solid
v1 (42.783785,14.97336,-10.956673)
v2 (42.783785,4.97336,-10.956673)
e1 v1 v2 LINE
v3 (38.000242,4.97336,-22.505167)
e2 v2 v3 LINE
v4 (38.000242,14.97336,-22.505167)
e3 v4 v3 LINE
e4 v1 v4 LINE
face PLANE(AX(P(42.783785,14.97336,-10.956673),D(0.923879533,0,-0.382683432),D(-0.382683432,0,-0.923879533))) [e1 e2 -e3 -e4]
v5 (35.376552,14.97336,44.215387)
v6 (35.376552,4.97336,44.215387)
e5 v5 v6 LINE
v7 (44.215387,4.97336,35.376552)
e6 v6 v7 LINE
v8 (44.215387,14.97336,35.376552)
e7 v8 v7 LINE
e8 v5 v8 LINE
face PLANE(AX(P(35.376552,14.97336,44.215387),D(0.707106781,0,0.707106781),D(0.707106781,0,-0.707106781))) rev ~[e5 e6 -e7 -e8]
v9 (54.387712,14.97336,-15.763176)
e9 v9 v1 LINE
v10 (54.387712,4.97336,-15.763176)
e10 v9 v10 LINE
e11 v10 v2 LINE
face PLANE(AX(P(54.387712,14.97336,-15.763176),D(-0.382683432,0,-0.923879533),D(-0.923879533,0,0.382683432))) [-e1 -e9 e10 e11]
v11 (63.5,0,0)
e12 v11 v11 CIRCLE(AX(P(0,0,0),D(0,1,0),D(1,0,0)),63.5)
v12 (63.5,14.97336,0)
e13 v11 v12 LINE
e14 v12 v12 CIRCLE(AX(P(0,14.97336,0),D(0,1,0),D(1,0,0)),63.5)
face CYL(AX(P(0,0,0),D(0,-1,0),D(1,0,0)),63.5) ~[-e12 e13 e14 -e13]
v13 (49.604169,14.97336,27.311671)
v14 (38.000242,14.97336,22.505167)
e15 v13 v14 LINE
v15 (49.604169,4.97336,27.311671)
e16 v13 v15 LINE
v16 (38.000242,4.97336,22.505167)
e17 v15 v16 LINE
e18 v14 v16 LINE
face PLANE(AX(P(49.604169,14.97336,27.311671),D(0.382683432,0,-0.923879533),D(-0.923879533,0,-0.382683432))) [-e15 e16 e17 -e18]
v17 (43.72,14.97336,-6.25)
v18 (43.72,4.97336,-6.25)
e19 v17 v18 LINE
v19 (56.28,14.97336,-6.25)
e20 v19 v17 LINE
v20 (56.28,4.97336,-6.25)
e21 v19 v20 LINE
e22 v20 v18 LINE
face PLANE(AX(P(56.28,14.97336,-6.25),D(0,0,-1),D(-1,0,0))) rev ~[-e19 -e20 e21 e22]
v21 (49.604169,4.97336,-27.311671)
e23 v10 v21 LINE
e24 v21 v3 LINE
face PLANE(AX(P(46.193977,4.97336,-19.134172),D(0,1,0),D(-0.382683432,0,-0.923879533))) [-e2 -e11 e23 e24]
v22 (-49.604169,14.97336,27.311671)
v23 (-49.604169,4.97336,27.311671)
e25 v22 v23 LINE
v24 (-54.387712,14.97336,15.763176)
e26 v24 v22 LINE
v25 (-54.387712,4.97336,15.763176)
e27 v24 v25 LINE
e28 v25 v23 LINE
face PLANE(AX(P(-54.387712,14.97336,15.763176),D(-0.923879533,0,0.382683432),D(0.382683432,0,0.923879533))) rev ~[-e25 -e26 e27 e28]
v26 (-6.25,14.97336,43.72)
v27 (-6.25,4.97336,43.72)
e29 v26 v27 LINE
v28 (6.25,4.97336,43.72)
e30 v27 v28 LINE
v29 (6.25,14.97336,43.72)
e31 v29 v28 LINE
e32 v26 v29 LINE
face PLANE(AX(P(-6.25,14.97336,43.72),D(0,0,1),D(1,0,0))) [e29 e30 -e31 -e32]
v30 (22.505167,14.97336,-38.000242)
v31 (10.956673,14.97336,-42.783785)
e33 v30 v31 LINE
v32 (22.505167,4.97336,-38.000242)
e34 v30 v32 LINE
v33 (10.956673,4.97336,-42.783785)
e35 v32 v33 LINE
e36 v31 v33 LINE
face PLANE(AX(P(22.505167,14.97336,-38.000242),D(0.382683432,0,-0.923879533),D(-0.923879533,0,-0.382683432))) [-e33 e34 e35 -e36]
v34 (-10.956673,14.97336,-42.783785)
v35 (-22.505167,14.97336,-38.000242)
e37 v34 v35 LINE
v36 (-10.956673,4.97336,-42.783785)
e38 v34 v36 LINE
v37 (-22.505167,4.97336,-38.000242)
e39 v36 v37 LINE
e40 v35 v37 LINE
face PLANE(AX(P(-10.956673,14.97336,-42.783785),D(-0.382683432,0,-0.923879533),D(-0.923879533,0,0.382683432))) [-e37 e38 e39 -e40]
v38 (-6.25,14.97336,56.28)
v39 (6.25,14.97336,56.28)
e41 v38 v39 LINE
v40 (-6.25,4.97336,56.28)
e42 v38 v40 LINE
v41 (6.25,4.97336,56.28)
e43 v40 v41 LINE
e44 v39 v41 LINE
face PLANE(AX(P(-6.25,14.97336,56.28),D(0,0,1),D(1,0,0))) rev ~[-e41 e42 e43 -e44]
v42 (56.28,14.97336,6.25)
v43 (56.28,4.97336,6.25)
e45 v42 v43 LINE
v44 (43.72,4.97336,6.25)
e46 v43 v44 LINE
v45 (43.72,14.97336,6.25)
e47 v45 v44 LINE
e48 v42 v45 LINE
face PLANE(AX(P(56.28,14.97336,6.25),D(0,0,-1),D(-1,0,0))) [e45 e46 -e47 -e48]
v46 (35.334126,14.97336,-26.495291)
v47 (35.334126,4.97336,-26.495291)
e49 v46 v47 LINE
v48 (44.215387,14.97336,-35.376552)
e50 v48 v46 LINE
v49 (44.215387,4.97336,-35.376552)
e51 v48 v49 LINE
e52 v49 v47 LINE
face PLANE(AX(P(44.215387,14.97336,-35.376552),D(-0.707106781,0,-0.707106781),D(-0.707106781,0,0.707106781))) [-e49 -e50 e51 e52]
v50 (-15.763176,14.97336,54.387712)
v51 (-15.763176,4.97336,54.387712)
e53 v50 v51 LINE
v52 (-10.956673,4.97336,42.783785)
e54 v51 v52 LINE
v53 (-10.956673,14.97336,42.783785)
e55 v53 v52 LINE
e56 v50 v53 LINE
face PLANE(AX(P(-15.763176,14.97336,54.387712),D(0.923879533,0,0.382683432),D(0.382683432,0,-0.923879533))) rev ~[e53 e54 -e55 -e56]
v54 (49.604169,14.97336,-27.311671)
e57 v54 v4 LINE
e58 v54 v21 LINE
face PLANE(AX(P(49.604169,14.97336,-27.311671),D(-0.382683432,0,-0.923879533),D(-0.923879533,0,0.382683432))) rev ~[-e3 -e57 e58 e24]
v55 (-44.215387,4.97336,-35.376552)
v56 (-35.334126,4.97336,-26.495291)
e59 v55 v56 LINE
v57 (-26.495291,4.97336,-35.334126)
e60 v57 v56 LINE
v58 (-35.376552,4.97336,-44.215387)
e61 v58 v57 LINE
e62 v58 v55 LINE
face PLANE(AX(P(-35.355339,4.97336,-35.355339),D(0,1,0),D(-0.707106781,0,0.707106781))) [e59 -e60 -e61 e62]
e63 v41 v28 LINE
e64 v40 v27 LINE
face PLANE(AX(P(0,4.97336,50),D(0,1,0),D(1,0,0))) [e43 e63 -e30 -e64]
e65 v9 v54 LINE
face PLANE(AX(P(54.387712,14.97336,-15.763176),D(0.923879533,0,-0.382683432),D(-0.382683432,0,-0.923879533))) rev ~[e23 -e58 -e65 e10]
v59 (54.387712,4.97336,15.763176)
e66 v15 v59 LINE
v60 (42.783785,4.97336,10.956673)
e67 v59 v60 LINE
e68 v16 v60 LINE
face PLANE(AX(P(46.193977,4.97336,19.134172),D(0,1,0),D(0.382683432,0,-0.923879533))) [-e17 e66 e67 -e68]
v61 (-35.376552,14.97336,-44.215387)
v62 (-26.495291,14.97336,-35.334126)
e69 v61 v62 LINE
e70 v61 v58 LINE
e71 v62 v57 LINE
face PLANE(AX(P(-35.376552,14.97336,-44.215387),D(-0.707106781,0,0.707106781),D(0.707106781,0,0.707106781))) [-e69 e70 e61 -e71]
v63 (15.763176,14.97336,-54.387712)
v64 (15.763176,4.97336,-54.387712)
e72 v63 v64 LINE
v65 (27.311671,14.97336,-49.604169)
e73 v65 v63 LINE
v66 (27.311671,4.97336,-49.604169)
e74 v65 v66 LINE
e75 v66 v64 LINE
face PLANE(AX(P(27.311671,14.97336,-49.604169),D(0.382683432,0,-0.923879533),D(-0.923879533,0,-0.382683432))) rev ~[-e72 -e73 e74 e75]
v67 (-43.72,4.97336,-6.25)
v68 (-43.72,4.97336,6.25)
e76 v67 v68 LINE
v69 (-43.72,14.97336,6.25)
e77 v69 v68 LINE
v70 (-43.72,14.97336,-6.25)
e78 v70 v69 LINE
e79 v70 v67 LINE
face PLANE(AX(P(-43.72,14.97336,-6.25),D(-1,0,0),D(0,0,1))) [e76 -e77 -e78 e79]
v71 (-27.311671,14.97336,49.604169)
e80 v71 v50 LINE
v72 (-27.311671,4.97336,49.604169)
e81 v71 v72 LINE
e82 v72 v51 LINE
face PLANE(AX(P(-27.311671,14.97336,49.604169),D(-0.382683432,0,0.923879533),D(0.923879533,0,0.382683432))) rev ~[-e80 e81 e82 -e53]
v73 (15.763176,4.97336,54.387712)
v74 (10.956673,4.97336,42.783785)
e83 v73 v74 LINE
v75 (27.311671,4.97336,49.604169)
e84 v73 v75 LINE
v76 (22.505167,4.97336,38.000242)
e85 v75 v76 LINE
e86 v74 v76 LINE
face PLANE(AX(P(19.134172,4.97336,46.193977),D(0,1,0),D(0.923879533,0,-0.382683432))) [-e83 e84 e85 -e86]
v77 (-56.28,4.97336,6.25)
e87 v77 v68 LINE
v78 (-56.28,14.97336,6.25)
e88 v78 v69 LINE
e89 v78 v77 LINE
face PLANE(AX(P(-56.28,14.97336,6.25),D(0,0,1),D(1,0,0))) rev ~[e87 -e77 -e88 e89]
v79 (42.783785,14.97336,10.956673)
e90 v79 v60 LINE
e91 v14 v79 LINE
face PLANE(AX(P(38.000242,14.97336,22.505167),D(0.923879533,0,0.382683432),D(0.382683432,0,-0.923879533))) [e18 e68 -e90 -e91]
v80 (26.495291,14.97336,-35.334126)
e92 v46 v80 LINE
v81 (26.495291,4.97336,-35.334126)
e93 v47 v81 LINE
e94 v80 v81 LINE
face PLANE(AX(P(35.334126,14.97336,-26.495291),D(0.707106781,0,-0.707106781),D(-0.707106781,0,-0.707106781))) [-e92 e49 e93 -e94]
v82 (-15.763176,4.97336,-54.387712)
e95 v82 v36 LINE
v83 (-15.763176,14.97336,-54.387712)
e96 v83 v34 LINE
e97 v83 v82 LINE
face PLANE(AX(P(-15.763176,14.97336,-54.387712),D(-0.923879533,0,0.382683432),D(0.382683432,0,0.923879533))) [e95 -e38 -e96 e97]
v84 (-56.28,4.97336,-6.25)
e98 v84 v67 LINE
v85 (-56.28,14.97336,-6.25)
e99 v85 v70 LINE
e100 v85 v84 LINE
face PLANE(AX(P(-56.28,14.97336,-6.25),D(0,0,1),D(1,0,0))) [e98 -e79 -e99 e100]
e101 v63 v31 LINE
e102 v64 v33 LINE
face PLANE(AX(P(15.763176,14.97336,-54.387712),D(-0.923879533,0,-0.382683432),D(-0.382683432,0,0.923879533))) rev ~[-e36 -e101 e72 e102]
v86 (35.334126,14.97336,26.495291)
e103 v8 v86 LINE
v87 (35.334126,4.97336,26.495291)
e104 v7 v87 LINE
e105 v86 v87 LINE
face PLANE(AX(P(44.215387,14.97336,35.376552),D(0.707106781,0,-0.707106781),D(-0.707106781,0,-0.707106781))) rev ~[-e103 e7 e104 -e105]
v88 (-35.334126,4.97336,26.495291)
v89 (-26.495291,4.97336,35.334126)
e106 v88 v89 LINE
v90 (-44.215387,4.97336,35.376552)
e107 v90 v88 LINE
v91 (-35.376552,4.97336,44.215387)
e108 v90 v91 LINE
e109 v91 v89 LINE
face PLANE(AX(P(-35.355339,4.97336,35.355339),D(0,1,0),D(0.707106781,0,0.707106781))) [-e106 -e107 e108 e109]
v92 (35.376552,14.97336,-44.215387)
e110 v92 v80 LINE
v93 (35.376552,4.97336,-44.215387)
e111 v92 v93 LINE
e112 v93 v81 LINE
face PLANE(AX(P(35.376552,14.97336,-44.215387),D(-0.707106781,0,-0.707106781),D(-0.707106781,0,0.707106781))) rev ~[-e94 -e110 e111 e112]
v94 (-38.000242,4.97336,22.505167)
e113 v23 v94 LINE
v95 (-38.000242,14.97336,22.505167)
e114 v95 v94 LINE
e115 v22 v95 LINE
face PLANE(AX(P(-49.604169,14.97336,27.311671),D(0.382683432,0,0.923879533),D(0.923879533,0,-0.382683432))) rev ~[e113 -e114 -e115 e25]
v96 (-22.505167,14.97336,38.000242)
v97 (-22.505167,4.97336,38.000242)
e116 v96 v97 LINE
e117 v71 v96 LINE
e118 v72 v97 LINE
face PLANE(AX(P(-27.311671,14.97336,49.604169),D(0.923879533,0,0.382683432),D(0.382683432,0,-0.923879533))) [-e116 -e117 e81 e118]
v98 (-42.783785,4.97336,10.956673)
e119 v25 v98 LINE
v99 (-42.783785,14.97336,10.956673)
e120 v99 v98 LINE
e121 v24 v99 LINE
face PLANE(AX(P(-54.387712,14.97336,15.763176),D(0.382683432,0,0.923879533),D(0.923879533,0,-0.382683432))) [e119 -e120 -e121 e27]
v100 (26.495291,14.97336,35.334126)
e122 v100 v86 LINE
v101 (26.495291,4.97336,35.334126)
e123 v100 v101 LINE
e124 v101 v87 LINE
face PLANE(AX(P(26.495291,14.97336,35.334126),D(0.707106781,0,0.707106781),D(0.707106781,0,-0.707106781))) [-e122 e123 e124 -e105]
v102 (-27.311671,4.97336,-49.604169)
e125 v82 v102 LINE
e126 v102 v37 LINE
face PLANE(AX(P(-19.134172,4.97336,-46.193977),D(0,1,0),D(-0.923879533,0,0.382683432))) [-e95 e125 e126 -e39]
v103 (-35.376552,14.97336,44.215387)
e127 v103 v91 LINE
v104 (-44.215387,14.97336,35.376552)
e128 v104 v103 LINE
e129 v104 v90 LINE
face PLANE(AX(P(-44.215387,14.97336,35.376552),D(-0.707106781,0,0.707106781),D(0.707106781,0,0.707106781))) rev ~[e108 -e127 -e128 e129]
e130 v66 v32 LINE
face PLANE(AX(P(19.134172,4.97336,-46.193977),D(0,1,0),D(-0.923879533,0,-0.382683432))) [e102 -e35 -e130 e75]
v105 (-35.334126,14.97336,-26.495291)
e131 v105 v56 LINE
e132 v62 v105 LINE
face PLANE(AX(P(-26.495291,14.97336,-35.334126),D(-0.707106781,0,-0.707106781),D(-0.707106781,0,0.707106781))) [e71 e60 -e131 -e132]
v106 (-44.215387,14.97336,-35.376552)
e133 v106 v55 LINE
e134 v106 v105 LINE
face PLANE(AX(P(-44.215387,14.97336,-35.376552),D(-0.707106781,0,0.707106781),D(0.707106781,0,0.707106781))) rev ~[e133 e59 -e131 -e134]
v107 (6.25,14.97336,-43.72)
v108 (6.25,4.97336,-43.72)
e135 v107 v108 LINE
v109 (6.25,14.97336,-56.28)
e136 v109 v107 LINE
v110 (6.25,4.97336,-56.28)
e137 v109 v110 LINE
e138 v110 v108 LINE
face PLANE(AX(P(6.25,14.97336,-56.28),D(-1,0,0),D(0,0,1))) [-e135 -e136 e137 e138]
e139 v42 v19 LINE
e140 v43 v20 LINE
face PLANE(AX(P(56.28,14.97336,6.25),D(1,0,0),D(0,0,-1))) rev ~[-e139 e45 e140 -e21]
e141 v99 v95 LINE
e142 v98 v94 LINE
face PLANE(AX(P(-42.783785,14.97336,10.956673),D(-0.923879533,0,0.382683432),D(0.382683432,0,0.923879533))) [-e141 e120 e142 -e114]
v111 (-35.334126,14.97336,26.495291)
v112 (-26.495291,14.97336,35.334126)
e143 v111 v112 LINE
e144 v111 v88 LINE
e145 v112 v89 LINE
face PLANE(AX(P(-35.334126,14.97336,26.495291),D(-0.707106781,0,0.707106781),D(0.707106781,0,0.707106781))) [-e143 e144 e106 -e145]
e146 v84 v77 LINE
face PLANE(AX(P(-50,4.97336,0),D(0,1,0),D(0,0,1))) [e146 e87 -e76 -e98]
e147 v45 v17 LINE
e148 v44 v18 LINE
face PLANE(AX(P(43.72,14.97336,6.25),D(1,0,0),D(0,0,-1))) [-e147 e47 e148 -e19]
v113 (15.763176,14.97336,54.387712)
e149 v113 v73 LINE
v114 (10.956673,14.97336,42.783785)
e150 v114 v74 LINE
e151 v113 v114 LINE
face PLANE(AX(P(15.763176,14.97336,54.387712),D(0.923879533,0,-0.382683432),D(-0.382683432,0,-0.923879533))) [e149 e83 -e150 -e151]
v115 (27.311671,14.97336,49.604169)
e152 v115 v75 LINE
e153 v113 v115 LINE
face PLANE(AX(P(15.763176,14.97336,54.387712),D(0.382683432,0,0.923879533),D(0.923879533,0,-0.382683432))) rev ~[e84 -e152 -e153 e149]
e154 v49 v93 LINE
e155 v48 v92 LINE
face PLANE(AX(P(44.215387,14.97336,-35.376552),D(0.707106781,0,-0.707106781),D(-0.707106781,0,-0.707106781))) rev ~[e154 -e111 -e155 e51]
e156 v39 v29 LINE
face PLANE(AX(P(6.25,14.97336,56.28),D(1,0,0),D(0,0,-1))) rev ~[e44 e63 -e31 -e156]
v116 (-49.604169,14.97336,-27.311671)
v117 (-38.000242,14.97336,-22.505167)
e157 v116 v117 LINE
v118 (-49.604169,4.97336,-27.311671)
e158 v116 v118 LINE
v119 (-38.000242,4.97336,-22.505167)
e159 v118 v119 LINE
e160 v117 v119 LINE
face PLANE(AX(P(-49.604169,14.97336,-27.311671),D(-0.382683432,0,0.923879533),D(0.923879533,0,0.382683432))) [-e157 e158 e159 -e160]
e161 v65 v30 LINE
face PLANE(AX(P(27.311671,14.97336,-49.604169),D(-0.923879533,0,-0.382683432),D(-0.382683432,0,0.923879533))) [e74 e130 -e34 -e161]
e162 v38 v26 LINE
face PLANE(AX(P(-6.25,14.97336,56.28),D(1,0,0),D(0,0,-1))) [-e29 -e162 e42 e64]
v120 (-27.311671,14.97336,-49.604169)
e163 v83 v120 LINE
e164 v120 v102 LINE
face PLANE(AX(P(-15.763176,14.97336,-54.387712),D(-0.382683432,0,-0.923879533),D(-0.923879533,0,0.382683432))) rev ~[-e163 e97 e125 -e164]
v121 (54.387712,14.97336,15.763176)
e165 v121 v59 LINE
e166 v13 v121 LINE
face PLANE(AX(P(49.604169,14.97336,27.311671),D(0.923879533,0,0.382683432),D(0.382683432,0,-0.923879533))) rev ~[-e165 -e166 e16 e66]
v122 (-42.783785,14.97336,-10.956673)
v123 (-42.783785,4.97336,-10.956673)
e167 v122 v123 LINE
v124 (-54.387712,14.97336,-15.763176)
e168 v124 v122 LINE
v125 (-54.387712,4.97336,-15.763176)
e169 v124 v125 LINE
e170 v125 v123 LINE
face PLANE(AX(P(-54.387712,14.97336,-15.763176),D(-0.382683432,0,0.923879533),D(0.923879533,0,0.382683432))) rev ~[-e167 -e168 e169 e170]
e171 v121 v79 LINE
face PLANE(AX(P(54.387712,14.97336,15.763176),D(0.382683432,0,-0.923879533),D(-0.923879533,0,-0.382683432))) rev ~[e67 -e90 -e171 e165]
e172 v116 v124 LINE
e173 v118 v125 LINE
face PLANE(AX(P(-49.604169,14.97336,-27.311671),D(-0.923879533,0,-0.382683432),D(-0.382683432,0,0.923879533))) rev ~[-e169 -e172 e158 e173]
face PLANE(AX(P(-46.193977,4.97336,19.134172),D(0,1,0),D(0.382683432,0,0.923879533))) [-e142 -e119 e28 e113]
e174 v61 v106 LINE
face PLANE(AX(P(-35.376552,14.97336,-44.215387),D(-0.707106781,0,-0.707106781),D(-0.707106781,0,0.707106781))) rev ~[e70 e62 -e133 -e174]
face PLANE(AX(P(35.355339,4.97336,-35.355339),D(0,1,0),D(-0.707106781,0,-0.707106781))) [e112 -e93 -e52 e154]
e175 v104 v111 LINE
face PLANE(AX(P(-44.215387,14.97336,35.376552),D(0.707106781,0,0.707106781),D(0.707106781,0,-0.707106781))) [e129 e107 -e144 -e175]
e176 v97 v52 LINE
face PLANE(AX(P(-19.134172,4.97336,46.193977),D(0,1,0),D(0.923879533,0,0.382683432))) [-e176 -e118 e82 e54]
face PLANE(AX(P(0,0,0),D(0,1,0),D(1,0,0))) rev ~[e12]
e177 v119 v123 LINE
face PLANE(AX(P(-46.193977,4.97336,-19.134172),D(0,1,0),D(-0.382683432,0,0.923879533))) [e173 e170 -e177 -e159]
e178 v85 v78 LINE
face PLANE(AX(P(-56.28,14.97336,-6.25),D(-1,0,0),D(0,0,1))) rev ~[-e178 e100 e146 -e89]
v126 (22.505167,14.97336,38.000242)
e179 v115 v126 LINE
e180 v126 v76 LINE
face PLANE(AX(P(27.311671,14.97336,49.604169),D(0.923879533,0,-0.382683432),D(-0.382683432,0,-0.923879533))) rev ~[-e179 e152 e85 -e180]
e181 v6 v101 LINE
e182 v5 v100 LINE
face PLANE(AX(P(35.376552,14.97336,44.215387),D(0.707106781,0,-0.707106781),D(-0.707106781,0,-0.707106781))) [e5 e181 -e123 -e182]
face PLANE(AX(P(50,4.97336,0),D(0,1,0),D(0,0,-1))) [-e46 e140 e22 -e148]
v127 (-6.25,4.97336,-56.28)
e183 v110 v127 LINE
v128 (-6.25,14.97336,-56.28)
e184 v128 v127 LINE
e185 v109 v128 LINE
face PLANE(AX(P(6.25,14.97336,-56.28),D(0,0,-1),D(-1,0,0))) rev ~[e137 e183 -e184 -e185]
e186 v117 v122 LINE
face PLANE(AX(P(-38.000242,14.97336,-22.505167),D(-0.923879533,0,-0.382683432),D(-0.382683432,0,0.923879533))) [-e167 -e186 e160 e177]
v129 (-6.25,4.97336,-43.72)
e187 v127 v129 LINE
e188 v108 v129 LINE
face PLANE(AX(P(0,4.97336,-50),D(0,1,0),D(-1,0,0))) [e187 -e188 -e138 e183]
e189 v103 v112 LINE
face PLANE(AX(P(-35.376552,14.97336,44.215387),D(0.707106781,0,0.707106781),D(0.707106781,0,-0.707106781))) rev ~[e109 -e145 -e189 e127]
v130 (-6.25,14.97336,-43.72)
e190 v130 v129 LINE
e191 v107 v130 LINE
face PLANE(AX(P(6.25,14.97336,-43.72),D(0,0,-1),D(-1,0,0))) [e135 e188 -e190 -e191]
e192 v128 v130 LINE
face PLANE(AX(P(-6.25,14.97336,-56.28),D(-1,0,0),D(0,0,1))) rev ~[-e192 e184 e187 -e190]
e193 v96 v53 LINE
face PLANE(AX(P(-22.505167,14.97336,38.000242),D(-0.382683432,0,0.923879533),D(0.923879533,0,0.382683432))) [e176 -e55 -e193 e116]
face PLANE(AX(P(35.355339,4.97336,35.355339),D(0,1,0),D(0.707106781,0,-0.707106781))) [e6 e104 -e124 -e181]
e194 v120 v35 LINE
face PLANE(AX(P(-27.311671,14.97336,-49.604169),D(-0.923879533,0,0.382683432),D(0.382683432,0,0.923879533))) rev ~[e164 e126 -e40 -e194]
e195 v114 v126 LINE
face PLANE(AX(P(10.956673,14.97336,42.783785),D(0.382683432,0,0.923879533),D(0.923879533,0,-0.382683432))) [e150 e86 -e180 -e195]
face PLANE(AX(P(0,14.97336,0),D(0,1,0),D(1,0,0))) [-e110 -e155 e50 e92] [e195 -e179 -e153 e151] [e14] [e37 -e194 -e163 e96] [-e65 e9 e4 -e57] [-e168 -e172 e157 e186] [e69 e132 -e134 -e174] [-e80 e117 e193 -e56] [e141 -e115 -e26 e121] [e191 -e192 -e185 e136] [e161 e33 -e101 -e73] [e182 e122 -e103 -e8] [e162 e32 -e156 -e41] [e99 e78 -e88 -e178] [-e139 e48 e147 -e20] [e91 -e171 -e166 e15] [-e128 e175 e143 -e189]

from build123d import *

# Parameters (mm, degrees)
SKETCH1_R           = 63.5
BOSS_EXTRUDE1_DEPTH = 14.973360437
SKETCH2_W           = 12.5
SKETCH2_H           = 12.56
CUT_EXTRUDE1_DEPTH  = 10
CIRPATTERN1_COUNT   = 16


with BuildPart() as part:
    # Sketch1 → Boss-Extrude1 (new body)
    with BuildSketch(Plane(origin=(0, 0, 0), x_dir=(1, 0, 0), z_dir=(0, 1, 0))):
        Circle(SKETCH1_R)
    extrude(amount=BOSS_EXTRUDE1_DEPTH)

    # Sketch2 → Cut-Extrude1 (cut)
    with BuildSketch(Plane(origin=(0, 14.973360437, 0), x_dir=(1, 0, 0), z_dir=(0, 1, 0))):
        with Locations((0, -50)):
            Rectangle(SKETCH2_W, SKETCH2_H)
    cut_extrude1 = extrude(amount=-CUT_EXTRUDE1_DEPTH, mode=Mode.SUBTRACT)

    # CirPattern1: Cut-Extrude1 ×16 about axis
    cirpattern1_axis = Axis((0, 0, 0), (0, 1, 0))
    for i in range(1, CIRPATTERN1_COUNT):
        add(cut_extrude1.rotate(cirpattern1_axis, i * 360 / CIRPATTERN1_COUNT), mode=Mode.SUBTRACT)


solid = part.part
